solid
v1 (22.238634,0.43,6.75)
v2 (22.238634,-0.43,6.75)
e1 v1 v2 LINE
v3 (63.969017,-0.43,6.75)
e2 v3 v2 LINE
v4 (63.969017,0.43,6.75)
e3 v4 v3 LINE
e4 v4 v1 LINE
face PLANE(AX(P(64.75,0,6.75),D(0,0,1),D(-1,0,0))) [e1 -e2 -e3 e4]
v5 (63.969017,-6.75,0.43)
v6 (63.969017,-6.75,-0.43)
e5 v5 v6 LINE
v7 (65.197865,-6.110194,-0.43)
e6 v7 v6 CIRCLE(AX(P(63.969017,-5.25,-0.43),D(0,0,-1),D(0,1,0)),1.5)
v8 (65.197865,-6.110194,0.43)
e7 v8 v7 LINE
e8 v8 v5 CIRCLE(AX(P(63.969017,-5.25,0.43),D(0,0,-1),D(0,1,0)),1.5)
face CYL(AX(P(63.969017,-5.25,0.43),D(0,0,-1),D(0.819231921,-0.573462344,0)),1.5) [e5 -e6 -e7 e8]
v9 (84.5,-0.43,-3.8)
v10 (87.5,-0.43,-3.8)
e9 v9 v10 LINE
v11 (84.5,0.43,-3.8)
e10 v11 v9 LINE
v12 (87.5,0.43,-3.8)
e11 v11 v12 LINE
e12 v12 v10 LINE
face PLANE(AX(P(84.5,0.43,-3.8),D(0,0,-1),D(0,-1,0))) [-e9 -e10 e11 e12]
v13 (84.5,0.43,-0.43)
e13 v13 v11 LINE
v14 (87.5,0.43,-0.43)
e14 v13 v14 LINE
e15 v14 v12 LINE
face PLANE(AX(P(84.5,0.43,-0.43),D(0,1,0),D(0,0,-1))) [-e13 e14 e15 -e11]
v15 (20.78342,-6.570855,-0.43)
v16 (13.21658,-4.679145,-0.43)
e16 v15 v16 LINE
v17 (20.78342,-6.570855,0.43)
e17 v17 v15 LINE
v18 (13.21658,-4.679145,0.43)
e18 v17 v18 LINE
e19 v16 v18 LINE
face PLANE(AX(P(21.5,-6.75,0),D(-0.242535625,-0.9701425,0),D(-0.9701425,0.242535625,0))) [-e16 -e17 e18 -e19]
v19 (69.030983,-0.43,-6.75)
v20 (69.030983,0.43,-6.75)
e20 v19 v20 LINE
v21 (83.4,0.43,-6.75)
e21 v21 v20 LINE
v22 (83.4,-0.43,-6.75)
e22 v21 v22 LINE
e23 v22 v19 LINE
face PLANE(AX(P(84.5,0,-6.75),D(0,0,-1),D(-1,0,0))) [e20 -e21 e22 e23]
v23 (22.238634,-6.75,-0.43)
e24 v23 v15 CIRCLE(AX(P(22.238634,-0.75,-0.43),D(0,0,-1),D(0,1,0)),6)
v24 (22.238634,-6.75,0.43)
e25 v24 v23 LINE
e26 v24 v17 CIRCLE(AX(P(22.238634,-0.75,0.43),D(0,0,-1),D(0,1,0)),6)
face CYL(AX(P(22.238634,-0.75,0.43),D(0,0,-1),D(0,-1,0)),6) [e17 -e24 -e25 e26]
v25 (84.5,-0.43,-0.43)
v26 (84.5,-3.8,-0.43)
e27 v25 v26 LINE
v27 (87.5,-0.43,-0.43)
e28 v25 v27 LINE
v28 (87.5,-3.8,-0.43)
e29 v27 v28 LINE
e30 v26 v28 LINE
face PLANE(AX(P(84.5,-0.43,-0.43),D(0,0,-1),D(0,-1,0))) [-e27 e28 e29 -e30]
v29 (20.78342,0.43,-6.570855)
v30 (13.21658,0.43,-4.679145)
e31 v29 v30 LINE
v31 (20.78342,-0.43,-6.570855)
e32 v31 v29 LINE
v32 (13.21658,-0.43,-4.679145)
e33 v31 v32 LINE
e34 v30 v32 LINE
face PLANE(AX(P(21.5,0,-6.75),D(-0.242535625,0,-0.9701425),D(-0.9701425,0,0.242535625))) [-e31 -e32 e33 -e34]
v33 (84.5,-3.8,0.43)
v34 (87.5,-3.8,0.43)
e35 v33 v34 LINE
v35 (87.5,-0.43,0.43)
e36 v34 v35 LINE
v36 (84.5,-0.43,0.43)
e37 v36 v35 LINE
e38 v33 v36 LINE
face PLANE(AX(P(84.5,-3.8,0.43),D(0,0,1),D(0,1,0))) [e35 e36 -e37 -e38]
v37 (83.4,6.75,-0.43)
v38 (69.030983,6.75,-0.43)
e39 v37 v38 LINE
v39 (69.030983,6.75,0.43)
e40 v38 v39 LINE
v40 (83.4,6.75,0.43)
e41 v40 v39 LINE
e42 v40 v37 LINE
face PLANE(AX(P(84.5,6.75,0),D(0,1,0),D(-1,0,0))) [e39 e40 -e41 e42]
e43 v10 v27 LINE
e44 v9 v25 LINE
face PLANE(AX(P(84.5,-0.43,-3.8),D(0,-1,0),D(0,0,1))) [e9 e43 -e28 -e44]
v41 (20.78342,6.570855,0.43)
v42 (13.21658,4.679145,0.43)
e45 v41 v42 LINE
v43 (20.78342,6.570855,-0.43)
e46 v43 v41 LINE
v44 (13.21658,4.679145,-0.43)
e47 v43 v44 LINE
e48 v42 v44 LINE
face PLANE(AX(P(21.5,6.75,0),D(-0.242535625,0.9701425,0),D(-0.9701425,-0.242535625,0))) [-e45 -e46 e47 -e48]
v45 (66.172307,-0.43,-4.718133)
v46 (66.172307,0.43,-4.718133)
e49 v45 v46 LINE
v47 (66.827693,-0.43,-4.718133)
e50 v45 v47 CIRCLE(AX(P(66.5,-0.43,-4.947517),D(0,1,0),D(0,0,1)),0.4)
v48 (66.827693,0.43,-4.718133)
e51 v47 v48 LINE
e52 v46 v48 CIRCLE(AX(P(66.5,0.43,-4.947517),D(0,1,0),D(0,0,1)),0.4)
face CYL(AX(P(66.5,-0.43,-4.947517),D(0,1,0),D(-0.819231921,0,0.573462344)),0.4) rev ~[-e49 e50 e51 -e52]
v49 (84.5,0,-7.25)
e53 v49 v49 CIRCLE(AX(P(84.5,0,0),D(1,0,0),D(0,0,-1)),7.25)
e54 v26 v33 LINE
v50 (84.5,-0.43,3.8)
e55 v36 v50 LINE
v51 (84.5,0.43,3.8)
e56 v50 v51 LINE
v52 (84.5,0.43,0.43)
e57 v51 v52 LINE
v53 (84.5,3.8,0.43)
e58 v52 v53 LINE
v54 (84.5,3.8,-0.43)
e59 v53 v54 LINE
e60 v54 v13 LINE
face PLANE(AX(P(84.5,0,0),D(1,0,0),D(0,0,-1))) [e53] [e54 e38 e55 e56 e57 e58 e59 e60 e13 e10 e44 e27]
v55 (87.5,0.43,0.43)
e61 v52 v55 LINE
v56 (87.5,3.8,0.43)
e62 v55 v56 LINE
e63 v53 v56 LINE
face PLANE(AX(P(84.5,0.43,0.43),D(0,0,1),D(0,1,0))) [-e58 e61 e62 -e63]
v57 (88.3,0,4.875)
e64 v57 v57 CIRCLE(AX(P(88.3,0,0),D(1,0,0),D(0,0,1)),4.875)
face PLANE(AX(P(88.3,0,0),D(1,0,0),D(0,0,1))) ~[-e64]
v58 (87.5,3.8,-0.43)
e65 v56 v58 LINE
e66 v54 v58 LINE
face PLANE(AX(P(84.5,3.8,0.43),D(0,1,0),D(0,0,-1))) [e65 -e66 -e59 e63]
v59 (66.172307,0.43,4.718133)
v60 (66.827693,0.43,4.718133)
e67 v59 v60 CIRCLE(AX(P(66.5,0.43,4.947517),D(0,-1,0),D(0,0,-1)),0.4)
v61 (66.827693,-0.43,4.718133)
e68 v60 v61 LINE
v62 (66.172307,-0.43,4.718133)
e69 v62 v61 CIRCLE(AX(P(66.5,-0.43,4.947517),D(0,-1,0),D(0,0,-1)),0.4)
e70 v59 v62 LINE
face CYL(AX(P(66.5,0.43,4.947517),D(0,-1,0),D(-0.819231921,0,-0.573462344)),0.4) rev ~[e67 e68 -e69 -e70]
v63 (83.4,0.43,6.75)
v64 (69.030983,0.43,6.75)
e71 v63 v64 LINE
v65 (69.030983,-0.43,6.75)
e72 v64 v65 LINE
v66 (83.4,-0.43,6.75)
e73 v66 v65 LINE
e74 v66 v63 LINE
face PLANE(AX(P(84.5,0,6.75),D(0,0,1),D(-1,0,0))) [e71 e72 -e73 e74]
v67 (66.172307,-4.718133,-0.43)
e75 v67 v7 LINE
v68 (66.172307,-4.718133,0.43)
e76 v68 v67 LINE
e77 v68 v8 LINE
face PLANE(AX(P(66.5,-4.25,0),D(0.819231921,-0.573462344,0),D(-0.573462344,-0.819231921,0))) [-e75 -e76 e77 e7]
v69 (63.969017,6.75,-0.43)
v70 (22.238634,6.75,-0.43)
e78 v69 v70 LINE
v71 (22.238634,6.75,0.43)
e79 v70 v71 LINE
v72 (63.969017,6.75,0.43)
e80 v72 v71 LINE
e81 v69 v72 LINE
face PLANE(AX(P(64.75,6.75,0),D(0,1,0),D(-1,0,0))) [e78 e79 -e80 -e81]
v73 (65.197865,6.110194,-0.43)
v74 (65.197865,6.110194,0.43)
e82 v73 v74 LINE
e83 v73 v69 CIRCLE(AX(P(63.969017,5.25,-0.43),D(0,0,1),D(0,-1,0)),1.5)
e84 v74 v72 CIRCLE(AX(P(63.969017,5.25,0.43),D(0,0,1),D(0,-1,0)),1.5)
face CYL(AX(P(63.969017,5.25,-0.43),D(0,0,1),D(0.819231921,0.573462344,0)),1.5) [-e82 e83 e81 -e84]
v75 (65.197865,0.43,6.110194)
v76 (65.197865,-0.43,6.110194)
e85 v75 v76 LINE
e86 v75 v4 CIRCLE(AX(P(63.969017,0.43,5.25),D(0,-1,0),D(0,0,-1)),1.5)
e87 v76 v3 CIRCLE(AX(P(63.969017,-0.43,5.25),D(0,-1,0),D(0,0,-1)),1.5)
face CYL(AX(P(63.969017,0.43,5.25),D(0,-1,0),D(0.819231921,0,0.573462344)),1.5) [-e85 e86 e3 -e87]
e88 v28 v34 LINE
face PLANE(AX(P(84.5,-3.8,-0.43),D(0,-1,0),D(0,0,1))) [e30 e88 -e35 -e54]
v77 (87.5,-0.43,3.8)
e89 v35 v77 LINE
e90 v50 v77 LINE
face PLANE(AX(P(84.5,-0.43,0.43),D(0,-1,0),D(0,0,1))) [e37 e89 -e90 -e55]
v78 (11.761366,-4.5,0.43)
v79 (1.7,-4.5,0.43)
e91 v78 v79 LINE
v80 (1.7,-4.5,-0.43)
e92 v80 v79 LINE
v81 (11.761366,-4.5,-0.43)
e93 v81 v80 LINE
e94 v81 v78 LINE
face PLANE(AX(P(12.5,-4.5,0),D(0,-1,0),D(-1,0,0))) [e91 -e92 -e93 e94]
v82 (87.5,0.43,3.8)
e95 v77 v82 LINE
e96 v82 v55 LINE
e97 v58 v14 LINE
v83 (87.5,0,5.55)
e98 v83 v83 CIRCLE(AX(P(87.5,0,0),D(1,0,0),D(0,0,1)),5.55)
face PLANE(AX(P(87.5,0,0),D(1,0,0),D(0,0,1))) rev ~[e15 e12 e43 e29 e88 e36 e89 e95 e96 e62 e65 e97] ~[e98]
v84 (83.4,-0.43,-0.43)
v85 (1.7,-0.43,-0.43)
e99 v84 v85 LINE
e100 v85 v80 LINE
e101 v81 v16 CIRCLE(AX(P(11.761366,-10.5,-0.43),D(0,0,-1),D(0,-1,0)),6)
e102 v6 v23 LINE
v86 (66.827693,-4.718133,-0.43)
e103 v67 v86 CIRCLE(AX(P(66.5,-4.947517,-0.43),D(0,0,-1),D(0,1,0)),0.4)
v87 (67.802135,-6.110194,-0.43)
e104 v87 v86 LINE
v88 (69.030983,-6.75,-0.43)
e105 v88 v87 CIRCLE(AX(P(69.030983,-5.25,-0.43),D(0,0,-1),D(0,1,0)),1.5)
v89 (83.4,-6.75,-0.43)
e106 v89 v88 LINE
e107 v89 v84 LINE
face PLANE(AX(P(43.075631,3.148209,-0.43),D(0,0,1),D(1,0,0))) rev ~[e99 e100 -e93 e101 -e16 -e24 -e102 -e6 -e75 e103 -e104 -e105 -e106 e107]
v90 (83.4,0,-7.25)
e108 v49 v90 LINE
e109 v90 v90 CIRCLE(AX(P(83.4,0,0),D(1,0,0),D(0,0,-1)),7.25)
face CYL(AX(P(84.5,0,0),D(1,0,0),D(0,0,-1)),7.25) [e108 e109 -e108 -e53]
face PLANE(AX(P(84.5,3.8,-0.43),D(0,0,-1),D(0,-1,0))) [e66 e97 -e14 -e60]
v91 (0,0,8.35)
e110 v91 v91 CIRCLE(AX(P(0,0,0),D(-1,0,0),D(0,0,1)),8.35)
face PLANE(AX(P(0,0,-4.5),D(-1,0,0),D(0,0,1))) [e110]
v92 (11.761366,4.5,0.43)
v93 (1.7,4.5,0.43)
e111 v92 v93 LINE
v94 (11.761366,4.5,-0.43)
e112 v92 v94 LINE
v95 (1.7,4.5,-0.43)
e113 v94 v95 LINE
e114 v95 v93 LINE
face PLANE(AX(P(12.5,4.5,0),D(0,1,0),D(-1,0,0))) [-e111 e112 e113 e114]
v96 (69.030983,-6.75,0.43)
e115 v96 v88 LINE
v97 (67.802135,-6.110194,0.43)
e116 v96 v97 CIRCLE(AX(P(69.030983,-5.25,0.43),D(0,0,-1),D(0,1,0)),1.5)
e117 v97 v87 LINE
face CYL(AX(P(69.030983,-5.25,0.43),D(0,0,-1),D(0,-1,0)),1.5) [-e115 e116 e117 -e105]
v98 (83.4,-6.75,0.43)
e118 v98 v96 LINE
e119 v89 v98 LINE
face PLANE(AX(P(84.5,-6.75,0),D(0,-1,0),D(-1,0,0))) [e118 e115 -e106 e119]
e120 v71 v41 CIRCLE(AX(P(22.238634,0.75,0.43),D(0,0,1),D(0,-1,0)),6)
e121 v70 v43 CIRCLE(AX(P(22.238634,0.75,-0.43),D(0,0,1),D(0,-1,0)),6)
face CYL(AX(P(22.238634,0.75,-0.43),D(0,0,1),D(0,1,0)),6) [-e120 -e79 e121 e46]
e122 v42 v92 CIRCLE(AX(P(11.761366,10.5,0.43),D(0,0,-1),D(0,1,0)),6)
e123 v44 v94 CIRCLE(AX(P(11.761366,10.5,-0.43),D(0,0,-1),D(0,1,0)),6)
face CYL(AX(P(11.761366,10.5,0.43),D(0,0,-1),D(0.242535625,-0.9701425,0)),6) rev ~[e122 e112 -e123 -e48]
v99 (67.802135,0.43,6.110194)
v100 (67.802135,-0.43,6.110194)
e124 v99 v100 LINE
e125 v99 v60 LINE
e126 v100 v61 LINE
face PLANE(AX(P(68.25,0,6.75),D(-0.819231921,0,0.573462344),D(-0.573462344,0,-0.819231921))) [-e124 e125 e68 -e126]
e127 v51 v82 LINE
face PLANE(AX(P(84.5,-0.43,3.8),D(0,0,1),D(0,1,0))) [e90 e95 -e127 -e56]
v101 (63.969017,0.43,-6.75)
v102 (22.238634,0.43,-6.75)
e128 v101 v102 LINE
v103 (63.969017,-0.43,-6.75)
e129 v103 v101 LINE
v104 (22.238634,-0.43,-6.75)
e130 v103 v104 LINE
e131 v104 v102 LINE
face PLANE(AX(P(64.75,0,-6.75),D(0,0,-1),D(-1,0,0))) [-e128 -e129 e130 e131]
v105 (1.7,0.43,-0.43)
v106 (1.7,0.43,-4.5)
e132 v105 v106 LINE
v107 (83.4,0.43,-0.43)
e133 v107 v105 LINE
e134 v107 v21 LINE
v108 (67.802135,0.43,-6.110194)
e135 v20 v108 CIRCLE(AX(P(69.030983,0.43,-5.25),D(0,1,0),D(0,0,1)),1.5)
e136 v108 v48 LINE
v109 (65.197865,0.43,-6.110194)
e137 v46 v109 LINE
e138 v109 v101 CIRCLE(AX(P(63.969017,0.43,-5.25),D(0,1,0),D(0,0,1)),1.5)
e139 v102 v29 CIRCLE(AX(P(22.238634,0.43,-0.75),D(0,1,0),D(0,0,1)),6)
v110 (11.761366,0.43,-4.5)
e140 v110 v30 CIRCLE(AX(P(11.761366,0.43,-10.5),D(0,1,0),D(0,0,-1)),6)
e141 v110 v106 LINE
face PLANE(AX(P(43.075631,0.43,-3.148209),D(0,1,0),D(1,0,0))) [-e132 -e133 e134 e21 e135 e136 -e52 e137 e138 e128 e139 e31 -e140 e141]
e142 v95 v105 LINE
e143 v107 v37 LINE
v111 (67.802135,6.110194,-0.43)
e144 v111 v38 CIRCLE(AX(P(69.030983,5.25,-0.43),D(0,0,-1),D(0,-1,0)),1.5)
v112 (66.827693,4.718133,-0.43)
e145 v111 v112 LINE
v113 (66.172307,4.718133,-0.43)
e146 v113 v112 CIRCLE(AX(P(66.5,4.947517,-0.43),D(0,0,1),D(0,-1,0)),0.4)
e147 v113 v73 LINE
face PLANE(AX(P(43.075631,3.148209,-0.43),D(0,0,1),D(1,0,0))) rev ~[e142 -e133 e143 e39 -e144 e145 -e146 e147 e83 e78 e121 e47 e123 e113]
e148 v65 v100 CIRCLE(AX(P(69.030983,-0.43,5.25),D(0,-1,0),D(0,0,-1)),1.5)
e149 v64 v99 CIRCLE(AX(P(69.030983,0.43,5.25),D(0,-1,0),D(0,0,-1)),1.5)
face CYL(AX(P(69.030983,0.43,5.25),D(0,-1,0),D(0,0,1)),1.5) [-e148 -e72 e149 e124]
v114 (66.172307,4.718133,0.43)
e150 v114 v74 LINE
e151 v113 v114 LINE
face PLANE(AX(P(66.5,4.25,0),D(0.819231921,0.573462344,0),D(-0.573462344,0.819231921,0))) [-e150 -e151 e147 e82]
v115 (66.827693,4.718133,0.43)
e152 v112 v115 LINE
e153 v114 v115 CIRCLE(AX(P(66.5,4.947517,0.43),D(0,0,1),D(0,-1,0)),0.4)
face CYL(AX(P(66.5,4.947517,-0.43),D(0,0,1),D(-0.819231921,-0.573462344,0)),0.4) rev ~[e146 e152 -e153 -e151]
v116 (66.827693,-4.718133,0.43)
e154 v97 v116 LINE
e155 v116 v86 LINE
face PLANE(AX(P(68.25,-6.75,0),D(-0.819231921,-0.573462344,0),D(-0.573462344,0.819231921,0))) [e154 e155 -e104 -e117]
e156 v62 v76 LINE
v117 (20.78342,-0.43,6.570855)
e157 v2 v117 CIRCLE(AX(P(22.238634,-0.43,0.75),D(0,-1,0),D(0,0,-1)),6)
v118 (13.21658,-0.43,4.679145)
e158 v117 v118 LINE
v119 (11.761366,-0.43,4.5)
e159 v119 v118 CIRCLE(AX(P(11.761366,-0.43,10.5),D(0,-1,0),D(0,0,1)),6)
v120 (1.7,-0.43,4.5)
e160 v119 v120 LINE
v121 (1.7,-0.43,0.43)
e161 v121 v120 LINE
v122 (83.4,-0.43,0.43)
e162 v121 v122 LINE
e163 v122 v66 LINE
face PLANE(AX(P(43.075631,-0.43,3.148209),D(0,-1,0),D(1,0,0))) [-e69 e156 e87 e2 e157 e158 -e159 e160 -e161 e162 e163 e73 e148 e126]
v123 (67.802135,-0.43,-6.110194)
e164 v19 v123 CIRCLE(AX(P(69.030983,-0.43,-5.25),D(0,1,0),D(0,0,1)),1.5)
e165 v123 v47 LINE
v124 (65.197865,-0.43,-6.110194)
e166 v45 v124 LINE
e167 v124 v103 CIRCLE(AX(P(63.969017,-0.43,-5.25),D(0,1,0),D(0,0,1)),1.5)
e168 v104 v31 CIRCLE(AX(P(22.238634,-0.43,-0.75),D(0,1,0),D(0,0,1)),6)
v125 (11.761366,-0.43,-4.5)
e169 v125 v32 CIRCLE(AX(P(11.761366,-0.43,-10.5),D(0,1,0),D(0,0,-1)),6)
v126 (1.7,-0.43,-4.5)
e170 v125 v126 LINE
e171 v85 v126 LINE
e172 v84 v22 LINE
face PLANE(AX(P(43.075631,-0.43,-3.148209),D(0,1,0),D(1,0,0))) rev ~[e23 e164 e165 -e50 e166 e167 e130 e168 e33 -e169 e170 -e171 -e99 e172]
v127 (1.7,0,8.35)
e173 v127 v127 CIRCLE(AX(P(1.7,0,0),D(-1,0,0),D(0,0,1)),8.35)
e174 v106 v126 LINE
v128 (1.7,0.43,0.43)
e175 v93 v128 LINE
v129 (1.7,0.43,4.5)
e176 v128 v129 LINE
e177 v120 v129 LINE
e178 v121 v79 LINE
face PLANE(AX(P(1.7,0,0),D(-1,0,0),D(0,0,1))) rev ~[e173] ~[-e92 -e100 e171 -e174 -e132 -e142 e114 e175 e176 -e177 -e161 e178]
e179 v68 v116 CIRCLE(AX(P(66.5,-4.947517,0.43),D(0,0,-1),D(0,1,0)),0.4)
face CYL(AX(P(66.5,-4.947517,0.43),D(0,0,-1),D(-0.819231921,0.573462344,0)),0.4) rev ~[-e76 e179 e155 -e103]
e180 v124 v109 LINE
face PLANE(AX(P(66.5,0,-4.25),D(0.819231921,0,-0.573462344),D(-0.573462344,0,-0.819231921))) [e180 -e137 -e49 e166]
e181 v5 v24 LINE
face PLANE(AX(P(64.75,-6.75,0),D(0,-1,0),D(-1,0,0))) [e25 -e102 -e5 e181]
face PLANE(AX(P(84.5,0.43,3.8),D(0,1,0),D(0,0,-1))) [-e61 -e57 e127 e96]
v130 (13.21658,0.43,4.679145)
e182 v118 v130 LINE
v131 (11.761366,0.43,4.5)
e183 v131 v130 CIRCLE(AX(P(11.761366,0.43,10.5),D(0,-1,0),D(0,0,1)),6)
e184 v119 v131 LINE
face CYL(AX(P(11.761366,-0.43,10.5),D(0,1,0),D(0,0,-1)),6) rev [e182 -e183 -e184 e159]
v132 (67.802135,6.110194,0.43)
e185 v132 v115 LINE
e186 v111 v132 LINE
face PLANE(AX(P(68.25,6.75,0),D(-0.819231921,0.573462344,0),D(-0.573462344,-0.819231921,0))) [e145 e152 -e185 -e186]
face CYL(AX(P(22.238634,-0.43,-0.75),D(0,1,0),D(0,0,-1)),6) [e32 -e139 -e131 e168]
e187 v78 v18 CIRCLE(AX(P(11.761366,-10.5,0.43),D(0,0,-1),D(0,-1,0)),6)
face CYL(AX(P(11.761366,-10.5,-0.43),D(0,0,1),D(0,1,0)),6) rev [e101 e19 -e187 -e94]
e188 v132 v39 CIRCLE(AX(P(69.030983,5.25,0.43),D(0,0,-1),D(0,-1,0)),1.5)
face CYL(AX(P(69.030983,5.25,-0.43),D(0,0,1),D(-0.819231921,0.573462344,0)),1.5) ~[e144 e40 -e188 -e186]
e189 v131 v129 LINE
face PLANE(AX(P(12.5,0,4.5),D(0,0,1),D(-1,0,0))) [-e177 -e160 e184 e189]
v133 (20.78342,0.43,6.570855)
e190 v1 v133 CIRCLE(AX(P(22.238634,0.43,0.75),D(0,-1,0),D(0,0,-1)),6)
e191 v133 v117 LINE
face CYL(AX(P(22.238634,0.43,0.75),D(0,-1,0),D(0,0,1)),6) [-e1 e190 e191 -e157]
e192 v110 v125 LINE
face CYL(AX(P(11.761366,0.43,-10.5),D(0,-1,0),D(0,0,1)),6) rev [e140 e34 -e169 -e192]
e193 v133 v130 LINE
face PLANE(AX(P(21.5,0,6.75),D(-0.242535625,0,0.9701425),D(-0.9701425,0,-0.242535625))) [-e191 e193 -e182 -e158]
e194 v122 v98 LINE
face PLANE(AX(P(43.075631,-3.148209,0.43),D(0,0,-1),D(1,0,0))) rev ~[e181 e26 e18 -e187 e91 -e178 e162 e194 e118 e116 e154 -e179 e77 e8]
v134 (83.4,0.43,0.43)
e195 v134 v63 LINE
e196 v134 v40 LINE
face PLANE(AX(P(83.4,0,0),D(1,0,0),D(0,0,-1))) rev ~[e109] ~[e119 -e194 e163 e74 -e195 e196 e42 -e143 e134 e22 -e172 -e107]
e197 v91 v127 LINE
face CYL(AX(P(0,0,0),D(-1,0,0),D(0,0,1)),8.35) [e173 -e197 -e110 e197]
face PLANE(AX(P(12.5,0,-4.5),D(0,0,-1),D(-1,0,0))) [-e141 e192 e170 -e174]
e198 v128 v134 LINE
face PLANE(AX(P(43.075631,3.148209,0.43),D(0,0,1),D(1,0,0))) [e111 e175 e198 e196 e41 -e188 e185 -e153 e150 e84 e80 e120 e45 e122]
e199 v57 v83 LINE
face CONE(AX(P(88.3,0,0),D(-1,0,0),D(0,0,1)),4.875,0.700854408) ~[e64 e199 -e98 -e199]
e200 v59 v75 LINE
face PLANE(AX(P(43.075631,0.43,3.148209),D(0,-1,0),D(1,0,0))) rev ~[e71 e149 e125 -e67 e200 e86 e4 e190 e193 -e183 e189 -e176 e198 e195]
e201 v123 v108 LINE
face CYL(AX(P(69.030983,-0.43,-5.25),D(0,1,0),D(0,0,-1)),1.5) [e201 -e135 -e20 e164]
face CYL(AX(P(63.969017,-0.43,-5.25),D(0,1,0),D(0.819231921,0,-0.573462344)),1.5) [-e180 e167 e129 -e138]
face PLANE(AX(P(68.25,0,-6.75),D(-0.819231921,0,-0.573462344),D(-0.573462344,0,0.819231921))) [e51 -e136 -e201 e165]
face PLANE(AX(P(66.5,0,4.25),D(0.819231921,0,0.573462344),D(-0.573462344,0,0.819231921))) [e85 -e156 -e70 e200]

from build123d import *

# Parameters (mm, degrees)
BOSS_EXTRUDE1_DEPTH = 0.43
SKETCH2_R           = 8.35
BOSS_EXTRUDE2_DEPTH = 1.7
CIRPATTERN1_COUNT   = 4
SKETCH3_R           = 7.25
BOSS_EXTRUDE3_DEPTH = 1.1
BOSS_EXTRUDE4_DEPTH = 3
FILLET1_R           = 0.4
FILLET2_R           = 1.5
FILLET3_R           = 6


with BuildPart() as part:
    # Sketch1 → Boss-Extrude1 (new, symmetric)
    with BuildSketch(Plane.XY):
        Polygon((0, 0), (84.5, 0), (84.5, 6.75), (68.25, 6.75), (66.5, 4.25), (64.75, 6.75), (21.5, 6.75), (12.5, 4.5), (0, 4.5), align=None)
    boss_extrude1 = extrude(amount=BOSS_EXTRUDE1_DEPTH, both=True)

    # Sketch2 → Boss-Extrude2 (add)
    with BuildSketch(Plane.ZY):
        Circle(SKETCH2_R)
    extrude(amount=-BOSS_EXTRUDE2_DEPTH)

    # CirPattern1: Boss-Extrude1 ×4 about axis
    cirpattern1_axis = Axis((1.7, 0, 0), (1, 0, 0))
    for i in range(1, CIRPATTERN1_COUNT):
        add(boss_extrude1.rotate(cirpattern1_axis, i * 360 / CIRPATTERN1_COUNT))

    # Sketch3 → Boss-Extrude3 (add)
    with BuildSketch(Plane(origin=(84.5, 0, 0), x_dir=(0, 0, -1), z_dir=(1, 0, 0))):
        Circle(SKETCH3_R)
    extrude(amount=-BOSS_EXTRUDE3_DEPTH)

    # Sketch4 → Boss-Extrude4 (add)
    with BuildSketch(Plane(origin=(84.5, 0, 0), x_dir=(0, 0, -1), z_dir=(1, 0, 0))):
        Polygon((-3.8, -0.43), (-3.8, 0.43), (-0.43, 0.43), (-0.43, 3.8), (0.43, 3.8), (0.43, 0.43), (3.8, 0.43), (3.8, -0.43), (0.43, -0.43), (0.43, -3.8), (-0.43, -3.8), (-0.43, -0.43), align=None)
    extrude(amount=BOSS_EXTRUDE4_DEPTH)

    # Sketch6 → Revolve1 (revolve)
    with BuildSketch(Plane(origin=(0, 0, 0), x_dir=(1, 0, 0), z_dir=(0, 1, 0))):
        Polygon((87.5, 0), (88.3, 0), (88.3, -4.875), (87.5, -5.55), align=None)
    revolve(axis=Axis((87.5, 0, 0), (1, 0, 0)))

    # Fillet1
    fillet1_edges = [part.edges().sort_by_distance(p)[0] for p in [
        (66.5, 0, -4.25),
        (66.5, -4.25, 0),
        (66.5, 0, 4.25),
        (66.5, 4.25, 0),
    ]]
    fillet(fillet1_edges, radius=FILLET1_R)

    # Fillet2
    fillet2_edges = [part.edges().sort_by_distance(p)[0] for p in [
        (68.25, 0, -6.75),
        (64.75, 0, -6.75),
        (68.25, 6.75, 0),
        (64.75, 6.75, 0),
        (64.75, 0, 6.75),
        (68.25, 0, 6.75),
        (64.75, -6.75, 0),
        (68.25, -6.75, 0),
    ]]
    fillet(fillet2_edges, radius=FILLET2_R)

    # Fillet3
    fillet3_edges = [part.edges().sort_by_distance(p)[0] for p in [
        (12.5, 4.5, 0),
        (21.5, 6.75, 0),
        (12.5, 0, -4.5),
        (21.5, 0, -6.75),
        (21.5, -6.75, 0),
        (12.5, -4.5, 0),
        (12.5, 0, 4.5),
        (21.5, 0, 6.75),
    ]]
    fillet(fillet3_edges, radius=FILLET3_R)


solid = part.part
